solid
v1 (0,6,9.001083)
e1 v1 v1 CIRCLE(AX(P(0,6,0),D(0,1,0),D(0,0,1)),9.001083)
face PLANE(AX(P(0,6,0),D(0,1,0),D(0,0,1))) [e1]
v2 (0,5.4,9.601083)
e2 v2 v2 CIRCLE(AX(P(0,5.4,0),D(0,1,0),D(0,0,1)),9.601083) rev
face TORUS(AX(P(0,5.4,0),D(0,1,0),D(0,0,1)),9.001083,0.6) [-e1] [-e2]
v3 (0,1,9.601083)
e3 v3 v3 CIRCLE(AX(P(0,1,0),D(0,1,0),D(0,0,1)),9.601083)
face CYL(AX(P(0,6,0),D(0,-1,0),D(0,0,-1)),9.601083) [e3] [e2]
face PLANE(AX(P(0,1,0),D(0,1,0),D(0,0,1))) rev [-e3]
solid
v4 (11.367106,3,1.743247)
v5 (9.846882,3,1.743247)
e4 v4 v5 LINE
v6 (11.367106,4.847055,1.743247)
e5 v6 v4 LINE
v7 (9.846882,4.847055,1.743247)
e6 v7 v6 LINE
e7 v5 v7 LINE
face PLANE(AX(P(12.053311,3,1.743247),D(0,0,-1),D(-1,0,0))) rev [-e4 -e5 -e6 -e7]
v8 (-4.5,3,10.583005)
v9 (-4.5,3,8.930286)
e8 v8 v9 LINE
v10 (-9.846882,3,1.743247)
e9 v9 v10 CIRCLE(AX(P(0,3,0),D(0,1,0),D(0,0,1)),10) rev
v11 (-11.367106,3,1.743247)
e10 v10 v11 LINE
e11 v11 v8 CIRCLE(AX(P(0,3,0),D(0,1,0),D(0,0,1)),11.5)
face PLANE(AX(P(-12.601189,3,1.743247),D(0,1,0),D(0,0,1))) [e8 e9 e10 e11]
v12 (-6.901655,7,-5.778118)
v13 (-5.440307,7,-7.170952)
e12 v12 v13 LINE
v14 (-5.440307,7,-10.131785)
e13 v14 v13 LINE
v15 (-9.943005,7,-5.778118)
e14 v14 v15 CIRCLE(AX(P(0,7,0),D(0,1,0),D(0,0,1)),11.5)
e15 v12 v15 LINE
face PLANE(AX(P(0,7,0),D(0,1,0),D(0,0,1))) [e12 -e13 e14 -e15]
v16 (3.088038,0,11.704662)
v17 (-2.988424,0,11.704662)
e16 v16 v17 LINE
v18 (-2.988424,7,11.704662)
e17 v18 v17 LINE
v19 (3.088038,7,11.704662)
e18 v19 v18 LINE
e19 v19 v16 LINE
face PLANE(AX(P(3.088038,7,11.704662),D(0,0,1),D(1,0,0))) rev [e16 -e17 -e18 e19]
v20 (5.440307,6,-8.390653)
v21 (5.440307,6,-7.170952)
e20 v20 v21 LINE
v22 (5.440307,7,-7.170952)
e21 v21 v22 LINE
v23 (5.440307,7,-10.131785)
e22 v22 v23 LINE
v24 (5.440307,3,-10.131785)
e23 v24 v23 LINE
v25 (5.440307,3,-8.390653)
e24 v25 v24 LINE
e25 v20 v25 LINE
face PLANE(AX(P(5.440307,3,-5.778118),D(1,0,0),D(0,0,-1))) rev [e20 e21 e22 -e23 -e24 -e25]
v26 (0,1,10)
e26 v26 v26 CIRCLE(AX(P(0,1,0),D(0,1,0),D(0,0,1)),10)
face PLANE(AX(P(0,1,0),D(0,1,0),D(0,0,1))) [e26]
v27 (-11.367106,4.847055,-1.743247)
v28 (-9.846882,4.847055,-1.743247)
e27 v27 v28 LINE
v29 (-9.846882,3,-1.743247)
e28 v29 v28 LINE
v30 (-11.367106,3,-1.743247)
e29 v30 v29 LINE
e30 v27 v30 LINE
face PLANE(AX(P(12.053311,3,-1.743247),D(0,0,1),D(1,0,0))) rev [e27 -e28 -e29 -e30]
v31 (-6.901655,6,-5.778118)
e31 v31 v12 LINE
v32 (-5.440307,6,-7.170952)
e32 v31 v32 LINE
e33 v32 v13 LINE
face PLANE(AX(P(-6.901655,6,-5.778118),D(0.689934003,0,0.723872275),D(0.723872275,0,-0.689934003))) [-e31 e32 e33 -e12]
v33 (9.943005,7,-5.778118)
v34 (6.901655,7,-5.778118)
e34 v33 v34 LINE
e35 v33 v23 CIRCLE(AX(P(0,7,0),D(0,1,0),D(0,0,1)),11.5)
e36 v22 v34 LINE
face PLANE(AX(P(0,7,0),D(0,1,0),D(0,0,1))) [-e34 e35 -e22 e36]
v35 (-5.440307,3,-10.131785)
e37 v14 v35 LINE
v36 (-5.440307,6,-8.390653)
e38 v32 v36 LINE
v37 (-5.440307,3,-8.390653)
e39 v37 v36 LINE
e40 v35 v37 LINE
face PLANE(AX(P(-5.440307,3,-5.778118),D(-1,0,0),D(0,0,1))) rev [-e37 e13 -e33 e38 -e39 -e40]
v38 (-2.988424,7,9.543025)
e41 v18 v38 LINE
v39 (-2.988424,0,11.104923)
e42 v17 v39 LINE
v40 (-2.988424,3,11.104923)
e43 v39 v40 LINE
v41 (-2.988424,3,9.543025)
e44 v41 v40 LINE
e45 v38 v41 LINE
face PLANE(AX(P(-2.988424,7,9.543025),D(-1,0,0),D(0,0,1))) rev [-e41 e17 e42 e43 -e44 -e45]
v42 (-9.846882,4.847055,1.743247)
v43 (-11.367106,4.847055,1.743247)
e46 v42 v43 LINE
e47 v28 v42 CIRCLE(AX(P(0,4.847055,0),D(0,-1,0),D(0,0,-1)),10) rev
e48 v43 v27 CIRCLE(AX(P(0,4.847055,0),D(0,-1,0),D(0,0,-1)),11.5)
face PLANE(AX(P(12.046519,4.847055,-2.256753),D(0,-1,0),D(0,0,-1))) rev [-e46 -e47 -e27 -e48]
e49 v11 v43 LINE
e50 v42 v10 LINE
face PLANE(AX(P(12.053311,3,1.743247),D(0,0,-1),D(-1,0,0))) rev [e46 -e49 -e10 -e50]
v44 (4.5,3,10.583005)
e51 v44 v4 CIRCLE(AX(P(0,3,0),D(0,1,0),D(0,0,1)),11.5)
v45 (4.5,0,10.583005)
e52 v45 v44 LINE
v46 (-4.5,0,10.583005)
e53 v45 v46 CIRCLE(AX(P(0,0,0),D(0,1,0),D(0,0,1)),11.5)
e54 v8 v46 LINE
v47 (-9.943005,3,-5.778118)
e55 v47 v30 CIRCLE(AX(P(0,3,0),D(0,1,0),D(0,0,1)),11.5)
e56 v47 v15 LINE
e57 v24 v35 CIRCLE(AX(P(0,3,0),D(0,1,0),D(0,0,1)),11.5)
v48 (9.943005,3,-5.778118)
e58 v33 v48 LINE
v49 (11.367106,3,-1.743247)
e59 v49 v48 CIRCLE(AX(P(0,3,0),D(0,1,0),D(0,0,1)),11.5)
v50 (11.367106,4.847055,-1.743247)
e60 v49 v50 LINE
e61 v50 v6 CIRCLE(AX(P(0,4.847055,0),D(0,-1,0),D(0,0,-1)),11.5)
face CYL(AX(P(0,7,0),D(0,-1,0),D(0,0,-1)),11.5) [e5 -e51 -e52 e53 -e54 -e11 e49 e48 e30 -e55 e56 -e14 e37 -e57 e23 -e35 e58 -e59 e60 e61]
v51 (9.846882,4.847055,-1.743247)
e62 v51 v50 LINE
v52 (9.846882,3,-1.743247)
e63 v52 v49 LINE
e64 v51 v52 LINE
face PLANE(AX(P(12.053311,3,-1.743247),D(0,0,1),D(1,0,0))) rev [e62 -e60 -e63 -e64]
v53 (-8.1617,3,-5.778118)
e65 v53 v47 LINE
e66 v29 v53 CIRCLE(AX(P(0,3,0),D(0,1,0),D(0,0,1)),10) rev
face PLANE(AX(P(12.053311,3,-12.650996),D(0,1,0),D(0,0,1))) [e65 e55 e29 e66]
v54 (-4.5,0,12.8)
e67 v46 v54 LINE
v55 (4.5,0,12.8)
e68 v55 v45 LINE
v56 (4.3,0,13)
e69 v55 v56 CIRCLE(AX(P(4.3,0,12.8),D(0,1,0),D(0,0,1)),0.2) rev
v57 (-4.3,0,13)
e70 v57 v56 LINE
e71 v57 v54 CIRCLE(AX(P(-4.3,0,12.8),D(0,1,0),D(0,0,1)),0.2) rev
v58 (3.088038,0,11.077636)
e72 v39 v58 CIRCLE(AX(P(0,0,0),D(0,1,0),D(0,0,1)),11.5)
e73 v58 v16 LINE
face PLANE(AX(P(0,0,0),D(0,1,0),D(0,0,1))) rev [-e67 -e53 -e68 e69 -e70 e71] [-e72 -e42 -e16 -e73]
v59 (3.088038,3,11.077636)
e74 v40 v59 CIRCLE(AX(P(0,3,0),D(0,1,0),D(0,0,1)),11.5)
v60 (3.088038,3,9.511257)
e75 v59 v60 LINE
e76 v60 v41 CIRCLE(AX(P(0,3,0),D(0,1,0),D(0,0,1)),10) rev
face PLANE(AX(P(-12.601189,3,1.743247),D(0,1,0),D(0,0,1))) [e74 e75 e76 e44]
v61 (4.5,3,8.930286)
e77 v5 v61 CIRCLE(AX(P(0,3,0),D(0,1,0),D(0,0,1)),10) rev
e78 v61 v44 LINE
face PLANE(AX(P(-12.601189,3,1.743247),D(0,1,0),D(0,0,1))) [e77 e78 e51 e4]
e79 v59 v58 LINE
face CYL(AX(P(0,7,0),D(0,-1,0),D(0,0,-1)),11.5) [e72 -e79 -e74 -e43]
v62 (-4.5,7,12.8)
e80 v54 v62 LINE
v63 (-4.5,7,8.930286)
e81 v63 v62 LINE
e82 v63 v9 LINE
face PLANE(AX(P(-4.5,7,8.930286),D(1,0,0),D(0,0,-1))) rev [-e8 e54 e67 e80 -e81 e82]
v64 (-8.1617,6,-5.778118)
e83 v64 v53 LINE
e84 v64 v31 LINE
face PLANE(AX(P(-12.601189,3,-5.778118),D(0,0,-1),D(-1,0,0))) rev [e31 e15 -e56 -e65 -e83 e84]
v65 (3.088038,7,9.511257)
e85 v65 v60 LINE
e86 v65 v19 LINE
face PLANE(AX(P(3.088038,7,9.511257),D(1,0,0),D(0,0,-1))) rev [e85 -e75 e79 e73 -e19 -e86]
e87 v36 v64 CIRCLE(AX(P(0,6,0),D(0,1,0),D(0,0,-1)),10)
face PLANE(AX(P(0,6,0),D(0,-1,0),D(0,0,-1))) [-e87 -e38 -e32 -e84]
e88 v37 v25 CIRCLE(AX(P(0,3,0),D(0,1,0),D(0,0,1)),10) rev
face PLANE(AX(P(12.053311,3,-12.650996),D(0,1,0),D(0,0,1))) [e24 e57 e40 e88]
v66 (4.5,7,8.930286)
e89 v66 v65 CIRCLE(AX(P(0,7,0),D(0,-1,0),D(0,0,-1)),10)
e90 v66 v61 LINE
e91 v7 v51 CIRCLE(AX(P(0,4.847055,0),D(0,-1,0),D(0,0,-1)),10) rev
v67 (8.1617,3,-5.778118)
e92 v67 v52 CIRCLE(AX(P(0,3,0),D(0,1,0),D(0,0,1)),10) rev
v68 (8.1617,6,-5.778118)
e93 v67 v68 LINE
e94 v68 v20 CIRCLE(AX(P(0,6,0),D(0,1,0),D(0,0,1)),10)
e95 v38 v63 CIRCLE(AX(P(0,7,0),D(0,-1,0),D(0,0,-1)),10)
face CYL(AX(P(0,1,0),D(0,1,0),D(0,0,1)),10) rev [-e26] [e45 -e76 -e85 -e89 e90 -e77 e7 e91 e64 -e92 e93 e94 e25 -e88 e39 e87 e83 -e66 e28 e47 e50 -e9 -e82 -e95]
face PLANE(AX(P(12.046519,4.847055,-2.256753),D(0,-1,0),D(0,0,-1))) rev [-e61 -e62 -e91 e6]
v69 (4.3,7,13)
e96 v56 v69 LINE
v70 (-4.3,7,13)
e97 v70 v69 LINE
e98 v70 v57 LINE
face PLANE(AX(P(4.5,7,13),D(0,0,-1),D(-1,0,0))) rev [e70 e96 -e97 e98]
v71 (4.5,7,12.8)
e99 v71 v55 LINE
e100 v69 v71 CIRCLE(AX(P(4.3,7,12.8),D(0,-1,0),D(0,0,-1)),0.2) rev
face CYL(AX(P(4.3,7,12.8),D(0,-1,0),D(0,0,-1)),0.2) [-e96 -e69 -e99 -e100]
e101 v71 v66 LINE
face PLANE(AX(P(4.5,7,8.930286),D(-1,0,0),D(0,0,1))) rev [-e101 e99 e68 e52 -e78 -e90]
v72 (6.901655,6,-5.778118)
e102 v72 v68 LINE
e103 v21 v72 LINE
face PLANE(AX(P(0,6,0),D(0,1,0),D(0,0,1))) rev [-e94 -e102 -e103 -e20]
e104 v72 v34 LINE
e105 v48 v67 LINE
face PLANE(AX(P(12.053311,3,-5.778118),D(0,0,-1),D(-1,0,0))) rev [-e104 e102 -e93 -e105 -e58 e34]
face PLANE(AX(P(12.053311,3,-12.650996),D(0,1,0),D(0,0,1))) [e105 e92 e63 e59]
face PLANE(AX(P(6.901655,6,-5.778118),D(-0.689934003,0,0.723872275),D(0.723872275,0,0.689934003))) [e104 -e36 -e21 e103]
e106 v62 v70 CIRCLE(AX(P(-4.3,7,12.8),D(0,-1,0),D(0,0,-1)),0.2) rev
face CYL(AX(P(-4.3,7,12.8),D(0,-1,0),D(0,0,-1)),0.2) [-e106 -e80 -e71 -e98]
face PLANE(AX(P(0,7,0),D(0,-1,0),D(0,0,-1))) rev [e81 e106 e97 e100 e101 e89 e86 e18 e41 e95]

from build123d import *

# Parameters (mm, degrees)
CROQUIS1_R            = 11.5
EXTRUIR1_DEPTH        = 7
CROQUIS2_R            = 10
CORTAR_EXTRUIR1_DEPTH = 6
CROQUIS3_W            = 24.654500354
CROQUIS3_H            = 10.907748641
CORTAR_EXTRUIR2_DEPTH = 4
CROQUIS4_W            = 23.977576975
CROQUIS4_H            = 2.848058902
CORTAR_EXTRUIR3_DEPTH = 4
EXTRUIR2_DEPTH        = 4
EXTRUIR2_DEPTH_BACK   = 3
REDONDEO1_R           = 0.2
CROQUIS6_R            = 9.601083159
EXTRUIR3_DEPTH        = 5
REDONDEO2_R           = 0.6
EXTRUIR5_DEPTH        = 1
EXTRUIR5_2_DEPTH      = 1


with BuildPart() as part:
    # Croquis1 → Extruir1 (new body)
    with BuildSketch(Plane(origin=(0, 0, 0), x_dir=(1, 0, 0), z_dir=(0, 1, 0))):
        Circle(CROQUIS1_R)
    extrude(amount=EXTRUIR1_DEPTH)

    # Croquis2 → Cortar-Extruir1 (cut)
    with BuildSketch(Plane(origin=(0, 7, 0), x_dir=(-1, 0, 0), z_dir=(0, 1, 0))):
        Circle(CROQUIS2_R)
    extrude(amount=-CORTAR_EXTRUIR1_DEPTH, mode=Mode.SUBTRACT)

    # Croquis3 → Cortar-Extruir2 (cut)
    with BuildSketch(Plane(origin=(0, 7, 0), x_dir=(-1, 0, 0), z_dir=(0, 1, 0))):
        Polygon((-12.053311284, -1.7432475), (12.60118907, -1.7432475), (12.60118907, -5.778118356), (5.440306875, -5.778118356), (5.440306875, -12.650996141), (-5.440306875, -12.650996141), (-5.440306875, -5.778118356), (-12.053311284, -5.778118356), align=None)
        with Locations((0.273938893, 7.197121821)):
            Rectangle(CROQUIS3_W, CROQUIS3_H)
    extrude(amount=-CORTAR_EXTRUIR2_DEPTH, mode=Mode.SUBTRACT)

    # Croquis4 → Cortar-Extruir3 (cut)
    with BuildSketch(Plane.XY.offset(1.7432475)):
        with Locations((0.057730923, 6.271084337)):
            Rectangle(CROQUIS4_W, CROQUIS4_H)
    extrude(amount=-CORTAR_EXTRUIR3_DEPTH, mode=Mode.SUBTRACT)

    # Croquis5 → Extruir2 (add, two sides)
    with BuildSketch(Plane(origin=(0, 3, 0), x_dir=(-1, 0, 0), z_dir=(0, 1, 0))) as extruir2_sk:
        with BuildLine():
            Line((-4.5, 8.93028555), (-4.5, 13))
            Line((-4.5, 13), (4.5, 13))
            Line((4.5, 13), (4.5, 8.93028555))
            ThreePointArc((4.5, 8.93028555), (3.756725553, 9.267524649), (2.988424285, 9.543024693))
            Line((2.988424285, 9.543024693), (2.988424285, 11.704661784))
            Line((2.988424285, 11.704661784), (-3.088038428, 11.704661784))
            Line((-3.088038428, 11.704661784), (-3.088038428, 9.51125747))
            ThreePointArc((-3.088038428, 9.51125747), (-3.805123374, 9.247758437), (-4.5, 8.93028555))
        make_face()
    extrude(amount=EXTRUIR2_DEPTH)
    extrude(extruir2_sk.sketch, amount=-EXTRUIR2_DEPTH_BACK)

    # Redondeo1
    redondeo1_edges = [part.edges().sort_by_distance(p)[0] for p in [
        (4.5, 3.5, 13),
        (-4.5, 3.5, 13),
    ]]
    fillet(redondeo1_edges, radius=REDONDEO1_R)


with BuildPart() as body_2:
    # Croquis6 → Extruir3 (new body)
    with BuildSketch(Plane(origin=(0, 1, 0), x_dir=(-1, 0, 0), z_dir=(0, 1, 0))):
        Circle(CROQUIS6_R)
    extrude(amount=EXTRUIR3_DEPTH)

    # Redondeo2
    redondeo2_edges = [body_2.edges().sort_by_distance(p)[0] for p in [
        (9.601083159, 6, 0),
    ]]
    fillet(redondeo2_edges, radius=REDONDEO2_R)


with BuildPart() as body_3:
    # Croquis7 → Extruir5 (new body)
    with BuildSketch(Plane(origin=(0, 7, 0), x_dir=(-1, 0, 0), z_dir=(0, 1, 0))):
        with BuildLine():
            Line((-5.440306875, -8.390653199), (-5.440306875, -7.170952457))
            Line((-5.440306875, -7.170952457), (-6.90165533, -5.778118356))
            Line((-6.90165533, -5.778118356), (-8.161700084, -5.778118356))
            ThreePointArc((-8.161700084, -5.778118356), (-6.925314643, -7.213876704), (-5.440306875, -8.390653199))
        make_face()
    extrude(amount=-EXTRUIR5_DEPTH)


with BuildPart() as body_4:
    # Croquis7 → Extruir5 2 (new body)
    with BuildSketch(Plane(origin=(0, 7, 0), x_dir=(-1, 0, 0), z_dir=(0, 1, 0))):
        with BuildLine():
            Line((6.90165533, -5.778118356), (5.440306875, -7.170952457))
            Line((5.440306875, -7.170952457), (5.440306875, -8.390653199))
            ThreePointArc((5.440306875, -8.390653199), (6.925314643, -7.213876704), (8.161700084, -5.778118356))
            Line((8.161700084, -5.778118356), (6.90165533, -5.778118356))
        make_face()
    extrude(amount=-EXTRUIR5_2_DEPTH)


with BuildPart() as part_1:
    add(part.part)

    # Combinar1: union body 4, body 3
    add(body_4.part)
    add(body_3.part)


solid = Compound([body_2.part, part_1.part])
